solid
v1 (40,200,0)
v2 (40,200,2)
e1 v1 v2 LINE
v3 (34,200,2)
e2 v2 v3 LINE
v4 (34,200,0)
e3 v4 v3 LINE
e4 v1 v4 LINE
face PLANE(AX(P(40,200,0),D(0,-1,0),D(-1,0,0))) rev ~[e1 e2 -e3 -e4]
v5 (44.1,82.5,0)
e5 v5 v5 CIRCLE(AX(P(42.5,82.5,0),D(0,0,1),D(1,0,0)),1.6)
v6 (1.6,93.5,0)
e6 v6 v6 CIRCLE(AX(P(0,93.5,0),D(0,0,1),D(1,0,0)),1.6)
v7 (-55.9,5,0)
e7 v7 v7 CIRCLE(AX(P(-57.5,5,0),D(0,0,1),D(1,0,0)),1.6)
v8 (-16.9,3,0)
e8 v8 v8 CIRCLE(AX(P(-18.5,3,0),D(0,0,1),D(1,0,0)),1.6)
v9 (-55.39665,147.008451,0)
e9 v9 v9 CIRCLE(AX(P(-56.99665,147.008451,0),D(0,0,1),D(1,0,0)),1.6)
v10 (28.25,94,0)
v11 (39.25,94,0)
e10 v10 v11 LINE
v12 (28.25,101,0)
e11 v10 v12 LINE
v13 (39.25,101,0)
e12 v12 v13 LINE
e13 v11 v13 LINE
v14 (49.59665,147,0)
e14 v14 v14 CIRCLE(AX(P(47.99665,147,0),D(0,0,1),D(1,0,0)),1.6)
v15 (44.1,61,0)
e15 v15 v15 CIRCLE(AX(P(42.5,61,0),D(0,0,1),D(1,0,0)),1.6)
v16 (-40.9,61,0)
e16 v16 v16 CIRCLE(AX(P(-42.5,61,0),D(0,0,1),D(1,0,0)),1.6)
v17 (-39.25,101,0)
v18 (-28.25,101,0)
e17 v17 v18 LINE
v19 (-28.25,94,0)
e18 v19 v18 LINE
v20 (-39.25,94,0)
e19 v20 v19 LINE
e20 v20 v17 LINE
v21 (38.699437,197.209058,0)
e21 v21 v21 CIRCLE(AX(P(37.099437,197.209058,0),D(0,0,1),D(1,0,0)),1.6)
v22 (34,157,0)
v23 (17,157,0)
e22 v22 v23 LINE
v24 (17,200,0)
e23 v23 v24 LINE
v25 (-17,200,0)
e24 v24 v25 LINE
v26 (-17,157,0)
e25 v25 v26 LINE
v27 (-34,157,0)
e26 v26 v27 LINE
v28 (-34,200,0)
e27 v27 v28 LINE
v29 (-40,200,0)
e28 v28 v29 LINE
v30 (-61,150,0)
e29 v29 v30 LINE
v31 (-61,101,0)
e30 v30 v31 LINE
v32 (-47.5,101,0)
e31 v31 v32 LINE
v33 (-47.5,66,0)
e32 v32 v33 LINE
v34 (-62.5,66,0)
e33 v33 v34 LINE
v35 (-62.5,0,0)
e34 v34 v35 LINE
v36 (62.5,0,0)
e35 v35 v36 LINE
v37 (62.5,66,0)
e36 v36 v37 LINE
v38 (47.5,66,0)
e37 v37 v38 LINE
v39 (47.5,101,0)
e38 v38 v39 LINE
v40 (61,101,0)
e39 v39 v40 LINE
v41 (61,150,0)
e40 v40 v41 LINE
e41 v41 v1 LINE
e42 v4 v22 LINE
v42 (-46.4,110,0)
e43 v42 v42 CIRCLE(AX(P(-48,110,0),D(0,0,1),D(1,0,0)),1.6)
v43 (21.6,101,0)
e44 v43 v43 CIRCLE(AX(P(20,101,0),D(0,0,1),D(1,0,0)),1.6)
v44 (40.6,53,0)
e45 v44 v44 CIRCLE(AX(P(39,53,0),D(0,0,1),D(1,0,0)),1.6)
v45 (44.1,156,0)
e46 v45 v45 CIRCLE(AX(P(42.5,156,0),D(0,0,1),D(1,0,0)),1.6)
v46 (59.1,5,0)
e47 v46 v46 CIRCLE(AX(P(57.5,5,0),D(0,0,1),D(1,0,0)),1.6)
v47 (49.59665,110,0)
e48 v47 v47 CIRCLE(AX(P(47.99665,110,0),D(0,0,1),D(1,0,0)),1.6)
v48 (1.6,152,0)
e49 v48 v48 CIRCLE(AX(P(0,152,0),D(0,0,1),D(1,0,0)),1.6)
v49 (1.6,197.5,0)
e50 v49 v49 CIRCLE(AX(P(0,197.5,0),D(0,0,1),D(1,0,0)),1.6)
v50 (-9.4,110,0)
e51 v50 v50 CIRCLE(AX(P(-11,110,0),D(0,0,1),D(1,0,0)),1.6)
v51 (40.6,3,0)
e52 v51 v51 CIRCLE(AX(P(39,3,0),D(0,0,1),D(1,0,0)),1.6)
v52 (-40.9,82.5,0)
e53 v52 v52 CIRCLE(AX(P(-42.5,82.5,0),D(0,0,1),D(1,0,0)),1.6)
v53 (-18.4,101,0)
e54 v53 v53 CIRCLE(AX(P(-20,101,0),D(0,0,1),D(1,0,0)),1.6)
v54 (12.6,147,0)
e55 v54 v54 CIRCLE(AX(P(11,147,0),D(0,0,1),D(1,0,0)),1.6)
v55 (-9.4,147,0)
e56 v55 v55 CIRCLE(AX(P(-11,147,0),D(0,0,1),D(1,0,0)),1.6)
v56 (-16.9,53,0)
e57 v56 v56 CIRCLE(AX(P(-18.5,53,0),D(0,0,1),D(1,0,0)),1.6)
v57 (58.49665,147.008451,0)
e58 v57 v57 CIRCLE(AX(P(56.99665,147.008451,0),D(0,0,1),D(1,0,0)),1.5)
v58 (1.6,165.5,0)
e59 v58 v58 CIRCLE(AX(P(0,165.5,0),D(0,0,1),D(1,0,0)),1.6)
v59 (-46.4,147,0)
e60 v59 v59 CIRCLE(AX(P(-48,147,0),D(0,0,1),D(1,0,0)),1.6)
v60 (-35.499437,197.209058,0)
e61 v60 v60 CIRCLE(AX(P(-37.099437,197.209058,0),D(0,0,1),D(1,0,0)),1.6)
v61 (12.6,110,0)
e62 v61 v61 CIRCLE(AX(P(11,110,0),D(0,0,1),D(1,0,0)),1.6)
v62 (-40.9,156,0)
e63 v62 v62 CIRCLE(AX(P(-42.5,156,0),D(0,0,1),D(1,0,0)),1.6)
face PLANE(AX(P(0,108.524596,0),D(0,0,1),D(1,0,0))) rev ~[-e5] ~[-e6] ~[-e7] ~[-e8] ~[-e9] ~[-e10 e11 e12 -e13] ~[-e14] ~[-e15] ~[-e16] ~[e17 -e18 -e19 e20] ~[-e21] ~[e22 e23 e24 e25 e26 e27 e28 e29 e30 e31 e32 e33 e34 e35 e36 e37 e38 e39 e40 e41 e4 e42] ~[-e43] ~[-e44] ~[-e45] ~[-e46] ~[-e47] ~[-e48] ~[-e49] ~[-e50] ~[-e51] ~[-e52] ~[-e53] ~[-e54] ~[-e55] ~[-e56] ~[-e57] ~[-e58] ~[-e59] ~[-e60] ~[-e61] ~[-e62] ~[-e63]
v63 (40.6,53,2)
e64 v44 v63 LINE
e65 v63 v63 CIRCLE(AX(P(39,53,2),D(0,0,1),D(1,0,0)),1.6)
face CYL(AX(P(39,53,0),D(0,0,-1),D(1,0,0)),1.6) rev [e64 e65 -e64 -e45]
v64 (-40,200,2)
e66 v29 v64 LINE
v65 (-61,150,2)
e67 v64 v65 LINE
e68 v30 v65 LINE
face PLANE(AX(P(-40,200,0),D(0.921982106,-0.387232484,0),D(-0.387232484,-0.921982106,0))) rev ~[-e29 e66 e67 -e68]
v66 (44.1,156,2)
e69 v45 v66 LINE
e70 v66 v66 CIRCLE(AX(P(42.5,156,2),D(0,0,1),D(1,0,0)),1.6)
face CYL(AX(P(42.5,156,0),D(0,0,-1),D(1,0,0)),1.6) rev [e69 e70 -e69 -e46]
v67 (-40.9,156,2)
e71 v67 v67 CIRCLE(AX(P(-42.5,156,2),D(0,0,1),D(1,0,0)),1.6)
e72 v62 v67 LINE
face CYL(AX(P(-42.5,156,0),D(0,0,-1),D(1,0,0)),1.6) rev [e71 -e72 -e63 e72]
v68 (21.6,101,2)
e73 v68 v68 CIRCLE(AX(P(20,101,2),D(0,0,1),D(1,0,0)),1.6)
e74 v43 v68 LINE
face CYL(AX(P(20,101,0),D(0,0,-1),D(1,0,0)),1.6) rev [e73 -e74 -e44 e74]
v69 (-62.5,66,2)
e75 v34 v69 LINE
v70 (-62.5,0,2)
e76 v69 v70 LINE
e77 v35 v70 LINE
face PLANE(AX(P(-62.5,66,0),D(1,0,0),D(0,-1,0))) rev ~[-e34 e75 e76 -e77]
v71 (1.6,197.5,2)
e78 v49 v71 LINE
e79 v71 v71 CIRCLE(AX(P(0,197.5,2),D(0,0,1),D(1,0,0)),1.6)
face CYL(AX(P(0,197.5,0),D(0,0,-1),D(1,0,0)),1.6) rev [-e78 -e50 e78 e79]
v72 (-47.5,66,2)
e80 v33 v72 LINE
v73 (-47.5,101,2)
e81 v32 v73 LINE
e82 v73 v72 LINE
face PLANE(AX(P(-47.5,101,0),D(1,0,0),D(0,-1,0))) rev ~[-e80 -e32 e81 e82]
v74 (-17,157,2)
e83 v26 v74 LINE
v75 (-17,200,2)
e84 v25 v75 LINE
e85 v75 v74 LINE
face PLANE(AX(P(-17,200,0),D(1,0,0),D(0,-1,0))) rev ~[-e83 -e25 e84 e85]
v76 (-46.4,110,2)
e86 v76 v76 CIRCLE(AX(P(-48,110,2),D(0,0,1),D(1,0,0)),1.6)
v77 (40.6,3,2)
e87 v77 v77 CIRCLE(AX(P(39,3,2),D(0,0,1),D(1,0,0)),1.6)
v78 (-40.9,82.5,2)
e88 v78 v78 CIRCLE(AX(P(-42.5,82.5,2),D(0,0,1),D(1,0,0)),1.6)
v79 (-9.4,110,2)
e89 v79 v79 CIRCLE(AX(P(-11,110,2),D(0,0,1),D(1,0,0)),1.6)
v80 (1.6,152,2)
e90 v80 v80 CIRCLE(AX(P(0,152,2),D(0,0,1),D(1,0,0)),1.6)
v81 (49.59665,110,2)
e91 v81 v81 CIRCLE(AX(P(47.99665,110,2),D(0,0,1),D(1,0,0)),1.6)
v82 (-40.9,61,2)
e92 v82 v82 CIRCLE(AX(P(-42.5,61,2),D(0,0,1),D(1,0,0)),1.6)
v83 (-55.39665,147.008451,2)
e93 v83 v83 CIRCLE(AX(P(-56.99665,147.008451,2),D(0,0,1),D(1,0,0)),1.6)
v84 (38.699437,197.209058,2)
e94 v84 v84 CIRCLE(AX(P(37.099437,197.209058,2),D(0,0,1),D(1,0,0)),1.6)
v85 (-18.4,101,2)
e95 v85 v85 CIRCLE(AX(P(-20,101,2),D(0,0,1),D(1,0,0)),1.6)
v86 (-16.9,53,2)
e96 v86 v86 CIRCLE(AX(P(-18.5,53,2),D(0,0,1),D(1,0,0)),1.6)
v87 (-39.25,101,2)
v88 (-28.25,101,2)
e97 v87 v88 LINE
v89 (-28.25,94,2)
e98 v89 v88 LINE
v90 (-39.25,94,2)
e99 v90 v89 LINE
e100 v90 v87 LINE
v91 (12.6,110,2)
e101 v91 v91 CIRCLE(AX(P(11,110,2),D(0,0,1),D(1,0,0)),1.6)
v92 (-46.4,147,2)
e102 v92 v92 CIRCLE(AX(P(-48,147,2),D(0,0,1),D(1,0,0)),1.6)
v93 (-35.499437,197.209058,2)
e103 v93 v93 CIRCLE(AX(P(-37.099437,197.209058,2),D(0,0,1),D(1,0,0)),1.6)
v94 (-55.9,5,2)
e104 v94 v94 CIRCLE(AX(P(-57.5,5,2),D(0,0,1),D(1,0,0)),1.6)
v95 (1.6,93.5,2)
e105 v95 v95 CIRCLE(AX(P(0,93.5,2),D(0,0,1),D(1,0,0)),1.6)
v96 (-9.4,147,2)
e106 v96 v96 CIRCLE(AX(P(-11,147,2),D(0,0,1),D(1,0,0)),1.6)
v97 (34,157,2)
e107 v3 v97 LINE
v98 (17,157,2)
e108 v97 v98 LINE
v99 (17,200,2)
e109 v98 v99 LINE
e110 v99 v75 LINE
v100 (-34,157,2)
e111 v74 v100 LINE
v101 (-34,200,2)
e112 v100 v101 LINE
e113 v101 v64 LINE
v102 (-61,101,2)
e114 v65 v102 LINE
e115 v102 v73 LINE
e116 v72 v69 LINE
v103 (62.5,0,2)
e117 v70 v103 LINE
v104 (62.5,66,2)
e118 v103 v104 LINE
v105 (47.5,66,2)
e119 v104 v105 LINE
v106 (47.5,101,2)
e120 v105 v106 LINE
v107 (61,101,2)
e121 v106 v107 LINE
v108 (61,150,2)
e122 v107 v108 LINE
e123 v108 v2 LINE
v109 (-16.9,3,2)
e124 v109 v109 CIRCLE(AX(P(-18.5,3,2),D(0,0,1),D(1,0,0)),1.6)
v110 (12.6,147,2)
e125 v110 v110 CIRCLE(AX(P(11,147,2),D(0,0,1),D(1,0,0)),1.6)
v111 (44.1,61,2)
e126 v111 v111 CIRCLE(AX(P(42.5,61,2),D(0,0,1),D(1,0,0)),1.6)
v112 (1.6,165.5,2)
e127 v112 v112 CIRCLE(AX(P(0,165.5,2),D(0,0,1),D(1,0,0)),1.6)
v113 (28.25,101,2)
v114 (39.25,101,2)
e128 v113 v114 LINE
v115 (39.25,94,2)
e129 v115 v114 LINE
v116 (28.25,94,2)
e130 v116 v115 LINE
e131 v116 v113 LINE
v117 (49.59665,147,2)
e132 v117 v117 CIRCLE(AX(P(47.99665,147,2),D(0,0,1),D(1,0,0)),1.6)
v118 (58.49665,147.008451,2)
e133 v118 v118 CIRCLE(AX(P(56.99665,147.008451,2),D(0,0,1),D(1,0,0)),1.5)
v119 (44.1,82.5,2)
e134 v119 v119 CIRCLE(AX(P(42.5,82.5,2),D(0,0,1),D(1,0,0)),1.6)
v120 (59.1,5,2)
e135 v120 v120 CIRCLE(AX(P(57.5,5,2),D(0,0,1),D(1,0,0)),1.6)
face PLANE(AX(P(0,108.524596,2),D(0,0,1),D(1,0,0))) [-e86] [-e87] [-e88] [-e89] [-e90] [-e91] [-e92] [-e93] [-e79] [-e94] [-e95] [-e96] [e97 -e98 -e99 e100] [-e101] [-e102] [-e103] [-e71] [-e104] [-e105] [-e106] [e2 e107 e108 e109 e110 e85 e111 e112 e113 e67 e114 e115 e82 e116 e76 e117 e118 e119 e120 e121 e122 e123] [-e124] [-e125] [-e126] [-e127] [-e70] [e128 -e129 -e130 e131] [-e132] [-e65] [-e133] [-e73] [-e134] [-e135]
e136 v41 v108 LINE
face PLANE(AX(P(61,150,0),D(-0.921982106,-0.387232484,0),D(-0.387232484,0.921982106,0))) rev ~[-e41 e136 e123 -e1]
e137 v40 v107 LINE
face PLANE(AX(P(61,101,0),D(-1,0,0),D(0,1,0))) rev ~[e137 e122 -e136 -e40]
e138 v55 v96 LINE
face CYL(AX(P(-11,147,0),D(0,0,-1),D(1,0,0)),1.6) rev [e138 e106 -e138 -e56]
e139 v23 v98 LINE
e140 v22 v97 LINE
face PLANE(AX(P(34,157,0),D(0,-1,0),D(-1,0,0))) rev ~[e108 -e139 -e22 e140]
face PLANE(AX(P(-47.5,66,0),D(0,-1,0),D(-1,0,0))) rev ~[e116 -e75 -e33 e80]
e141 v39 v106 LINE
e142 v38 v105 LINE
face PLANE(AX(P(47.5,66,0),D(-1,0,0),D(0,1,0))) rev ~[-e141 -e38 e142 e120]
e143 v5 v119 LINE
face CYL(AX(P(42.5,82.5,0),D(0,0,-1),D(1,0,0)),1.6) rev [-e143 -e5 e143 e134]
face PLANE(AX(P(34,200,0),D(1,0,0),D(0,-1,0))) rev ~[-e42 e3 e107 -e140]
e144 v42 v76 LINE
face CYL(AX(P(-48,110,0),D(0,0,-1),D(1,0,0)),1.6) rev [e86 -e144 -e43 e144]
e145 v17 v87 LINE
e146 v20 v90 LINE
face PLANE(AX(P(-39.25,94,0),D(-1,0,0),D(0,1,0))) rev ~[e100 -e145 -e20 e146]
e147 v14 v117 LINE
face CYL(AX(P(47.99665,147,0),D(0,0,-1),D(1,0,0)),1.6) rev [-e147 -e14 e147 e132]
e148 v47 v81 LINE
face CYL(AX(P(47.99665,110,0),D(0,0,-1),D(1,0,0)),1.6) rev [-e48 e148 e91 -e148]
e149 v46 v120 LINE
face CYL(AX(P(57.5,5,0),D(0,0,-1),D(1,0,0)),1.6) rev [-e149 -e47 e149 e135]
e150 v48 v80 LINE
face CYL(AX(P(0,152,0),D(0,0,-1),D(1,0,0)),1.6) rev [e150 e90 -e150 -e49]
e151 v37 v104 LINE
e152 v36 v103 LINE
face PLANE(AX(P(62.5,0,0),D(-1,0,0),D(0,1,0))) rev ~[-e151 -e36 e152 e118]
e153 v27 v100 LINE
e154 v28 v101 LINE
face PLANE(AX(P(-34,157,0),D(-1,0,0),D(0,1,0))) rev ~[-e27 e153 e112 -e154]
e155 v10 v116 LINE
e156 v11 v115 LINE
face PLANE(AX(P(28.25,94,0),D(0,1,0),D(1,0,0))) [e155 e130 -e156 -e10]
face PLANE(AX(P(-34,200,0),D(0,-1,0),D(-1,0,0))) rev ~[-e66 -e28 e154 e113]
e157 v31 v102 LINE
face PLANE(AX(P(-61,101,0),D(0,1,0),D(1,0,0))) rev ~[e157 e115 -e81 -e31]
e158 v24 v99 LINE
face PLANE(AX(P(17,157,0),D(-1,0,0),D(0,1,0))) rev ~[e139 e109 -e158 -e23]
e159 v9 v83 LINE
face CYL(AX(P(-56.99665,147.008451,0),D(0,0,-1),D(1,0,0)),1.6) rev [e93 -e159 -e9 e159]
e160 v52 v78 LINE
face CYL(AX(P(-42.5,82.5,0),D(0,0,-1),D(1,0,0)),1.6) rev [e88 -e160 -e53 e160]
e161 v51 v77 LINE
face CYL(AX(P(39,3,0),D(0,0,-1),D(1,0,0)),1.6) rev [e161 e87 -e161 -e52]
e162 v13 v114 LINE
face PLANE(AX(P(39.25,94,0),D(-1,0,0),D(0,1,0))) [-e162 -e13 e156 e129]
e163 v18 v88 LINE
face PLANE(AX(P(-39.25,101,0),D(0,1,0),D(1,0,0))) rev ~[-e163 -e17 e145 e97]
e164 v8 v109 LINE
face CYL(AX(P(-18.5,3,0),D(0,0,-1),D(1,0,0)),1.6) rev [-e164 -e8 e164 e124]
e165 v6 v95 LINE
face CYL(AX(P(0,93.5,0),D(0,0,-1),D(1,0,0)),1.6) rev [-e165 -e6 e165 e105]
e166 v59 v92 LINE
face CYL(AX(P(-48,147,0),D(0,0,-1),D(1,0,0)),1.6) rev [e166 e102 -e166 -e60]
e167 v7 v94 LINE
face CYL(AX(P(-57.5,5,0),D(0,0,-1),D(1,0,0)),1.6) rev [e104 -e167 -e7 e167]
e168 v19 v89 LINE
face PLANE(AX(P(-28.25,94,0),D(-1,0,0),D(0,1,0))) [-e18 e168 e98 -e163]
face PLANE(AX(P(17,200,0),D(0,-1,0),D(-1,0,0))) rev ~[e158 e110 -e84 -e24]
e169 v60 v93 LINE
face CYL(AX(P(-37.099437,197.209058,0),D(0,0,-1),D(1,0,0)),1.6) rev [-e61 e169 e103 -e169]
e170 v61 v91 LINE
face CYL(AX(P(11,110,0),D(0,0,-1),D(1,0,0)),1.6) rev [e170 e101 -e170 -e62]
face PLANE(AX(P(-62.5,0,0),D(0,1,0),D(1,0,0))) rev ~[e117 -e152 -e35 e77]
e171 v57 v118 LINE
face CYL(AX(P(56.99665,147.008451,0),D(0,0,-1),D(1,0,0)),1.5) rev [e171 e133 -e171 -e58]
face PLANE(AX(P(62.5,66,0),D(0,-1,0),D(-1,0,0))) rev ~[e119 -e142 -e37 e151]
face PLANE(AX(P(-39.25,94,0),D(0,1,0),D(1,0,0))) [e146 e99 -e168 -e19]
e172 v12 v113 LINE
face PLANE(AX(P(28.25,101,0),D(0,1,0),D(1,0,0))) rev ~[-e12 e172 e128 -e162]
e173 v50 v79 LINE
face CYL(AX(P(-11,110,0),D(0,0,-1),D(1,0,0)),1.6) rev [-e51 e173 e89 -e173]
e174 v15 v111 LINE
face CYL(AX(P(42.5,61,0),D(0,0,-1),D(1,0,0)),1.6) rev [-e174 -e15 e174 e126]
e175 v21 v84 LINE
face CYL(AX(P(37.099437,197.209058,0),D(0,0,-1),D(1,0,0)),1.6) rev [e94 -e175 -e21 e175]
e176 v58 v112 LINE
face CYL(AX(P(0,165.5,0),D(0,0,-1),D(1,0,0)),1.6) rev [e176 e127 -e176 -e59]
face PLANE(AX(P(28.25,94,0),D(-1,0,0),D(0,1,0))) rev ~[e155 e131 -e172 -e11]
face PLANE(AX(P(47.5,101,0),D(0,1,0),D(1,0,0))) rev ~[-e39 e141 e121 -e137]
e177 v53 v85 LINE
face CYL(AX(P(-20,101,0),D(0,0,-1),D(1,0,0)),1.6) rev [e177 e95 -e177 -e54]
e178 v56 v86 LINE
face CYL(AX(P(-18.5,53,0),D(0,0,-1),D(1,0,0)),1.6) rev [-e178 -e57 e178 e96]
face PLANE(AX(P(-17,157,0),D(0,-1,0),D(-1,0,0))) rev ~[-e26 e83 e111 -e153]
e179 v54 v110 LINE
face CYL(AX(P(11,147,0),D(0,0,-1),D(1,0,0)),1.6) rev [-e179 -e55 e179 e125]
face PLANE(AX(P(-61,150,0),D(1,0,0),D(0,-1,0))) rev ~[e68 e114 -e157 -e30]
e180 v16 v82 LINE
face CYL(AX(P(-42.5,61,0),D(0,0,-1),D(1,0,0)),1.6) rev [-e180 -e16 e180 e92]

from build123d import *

# Parameters (mm, degrees)
SKETCH_1_R      = 1.6
SKETCH_1_W      = 11
SKETCH_1_H      = 7
SKETCH_1_R_2    = 1.5
EXTRUDE_1_DEPTH = 2


with BuildPart() as part:
    # 草圖1 → 填料-伸長1 (new body)
    with BuildSketch(Plane.XY):
        Polygon((62.5, 0), (62.5, 66), (47.5, 66), (47.5, 101), (61, 101), (61, 150), (40, 200), (34, 200), (34, 157), (17, 157), (17, 200), (-17, 200), (-17, 157), (-34, 157), (-34, 200), (-40, 200), (-61, 150), (-61, 101), (-47.5, 101), (-47.5, 66), (-62.5, 66), (-62.5, 0), align=None)
        with Locations((-18.5, 3)):
            Circle(SKETCH_1_R, mode=Mode.SUBTRACT)
        with Locations((-18.5, 53)):
            Circle(SKETCH_1_R, mode=Mode.SUBTRACT)
        with Locations((39, 3)):
            Circle(SKETCH_1_R, mode=Mode.SUBTRACT)
        with Locations((39, 53)):
            Circle(SKETCH_1_R, mode=Mode.SUBTRACT)
        with Locations((42.5, 156)):
            Circle(SKETCH_1_R, mode=Mode.SUBTRACT)
        with Locations((0, 197.5)):
            Circle(SKETCH_1_R, mode=Mode.SUBTRACT)
        with Locations((37.09943713, 197.209058014)):
            Circle(SKETCH_1_R, mode=Mode.SUBTRACT)
        with Locations((-57.5, 5)):
            Circle(SKETCH_1_R, mode=Mode.SUBTRACT)
        with Locations((-42.5, 61)):
            Circle(SKETCH_1_R, mode=Mode.SUBTRACT)
        with Locations((-42.5, 82.5)):
            Circle(SKETCH_1_R, mode=Mode.SUBTRACT)
        with Locations((-33.75, 97.5)):
            Rectangle(SKETCH_1_W, SKETCH_1_H, mode=Mode.SUBTRACT)
        with Locations((57.5, 5)):
            Circle(SKETCH_1_R, mode=Mode.SUBTRACT)
        with Locations((42.5, 61)):
            Circle(SKETCH_1_R, mode=Mode.SUBTRACT)
        with Locations((0, 93.5)):
            Circle(SKETCH_1_R, mode=Mode.SUBTRACT)
        with Locations((42.5, 82.5)):
            Circle(SKETCH_1_R, mode=Mode.SUBTRACT)
        with Locations((33.75, 97.5)):
            Rectangle(SKETCH_1_W, SKETCH_1_H, mode=Mode.SUBTRACT)
        with Locations((-56.996650272, 147.008451352)):
            Circle(SKETCH_1_R, mode=Mode.SUBTRACT)
        with Locations((-20, 101)):
            Circle(SKETCH_1_R, mode=Mode.SUBTRACT)
        with Locations((-42.5, 156)):
            Circle(SKETCH_1_R, mode=Mode.SUBTRACT)
        with Locations((-37.09943713, 197.209058014)):
            Circle(SKETCH_1_R, mode=Mode.SUBTRACT)
        with Locations((20, 101)):
            Circle(SKETCH_1_R, mode=Mode.SUBTRACT)
        with Locations((56.996650272, 147.008451352)):
            Circle(SKETCH_1_R_2, mode=Mode.SUBTRACT)
        with Locations((0, 152)):
            Circle(SKETCH_1_R, mode=Mode.SUBTRACT)
        with Locations((0, 165.5)):
            Circle(SKETCH_1_R, mode=Mode.SUBTRACT)
        with Locations((47.996650272, 110)):
            Circle(SKETCH_1_R, mode=Mode.SUBTRACT)
        with Locations((11, 147)):
            Circle(SKETCH_1_R, mode=Mode.SUBTRACT)
        with Locations((11, 110)):
            Circle(SKETCH_1_R, mode=Mode.SUBTRACT)
        with Locations((47.996650272, 147)):
            Circle(SKETCH_1_R, mode=Mode.SUBTRACT)
        with Locations((-11, 110)):
            Circle(SKETCH_1_R, mode=Mode.SUBTRACT)
        with Locations((-48, 147)):
            Circle(SKETCH_1_R, mode=Mode.SUBTRACT)
        with Locations((-48, 110)):
            Circle(SKETCH_1_R, mode=Mode.SUBTRACT)
        with Locations((-11, 147)):
            Circle(SKETCH_1_R, mode=Mode.SUBTRACT)
    extrude(amount=EXTRUDE_1_DEPTH)


solid = part.part
